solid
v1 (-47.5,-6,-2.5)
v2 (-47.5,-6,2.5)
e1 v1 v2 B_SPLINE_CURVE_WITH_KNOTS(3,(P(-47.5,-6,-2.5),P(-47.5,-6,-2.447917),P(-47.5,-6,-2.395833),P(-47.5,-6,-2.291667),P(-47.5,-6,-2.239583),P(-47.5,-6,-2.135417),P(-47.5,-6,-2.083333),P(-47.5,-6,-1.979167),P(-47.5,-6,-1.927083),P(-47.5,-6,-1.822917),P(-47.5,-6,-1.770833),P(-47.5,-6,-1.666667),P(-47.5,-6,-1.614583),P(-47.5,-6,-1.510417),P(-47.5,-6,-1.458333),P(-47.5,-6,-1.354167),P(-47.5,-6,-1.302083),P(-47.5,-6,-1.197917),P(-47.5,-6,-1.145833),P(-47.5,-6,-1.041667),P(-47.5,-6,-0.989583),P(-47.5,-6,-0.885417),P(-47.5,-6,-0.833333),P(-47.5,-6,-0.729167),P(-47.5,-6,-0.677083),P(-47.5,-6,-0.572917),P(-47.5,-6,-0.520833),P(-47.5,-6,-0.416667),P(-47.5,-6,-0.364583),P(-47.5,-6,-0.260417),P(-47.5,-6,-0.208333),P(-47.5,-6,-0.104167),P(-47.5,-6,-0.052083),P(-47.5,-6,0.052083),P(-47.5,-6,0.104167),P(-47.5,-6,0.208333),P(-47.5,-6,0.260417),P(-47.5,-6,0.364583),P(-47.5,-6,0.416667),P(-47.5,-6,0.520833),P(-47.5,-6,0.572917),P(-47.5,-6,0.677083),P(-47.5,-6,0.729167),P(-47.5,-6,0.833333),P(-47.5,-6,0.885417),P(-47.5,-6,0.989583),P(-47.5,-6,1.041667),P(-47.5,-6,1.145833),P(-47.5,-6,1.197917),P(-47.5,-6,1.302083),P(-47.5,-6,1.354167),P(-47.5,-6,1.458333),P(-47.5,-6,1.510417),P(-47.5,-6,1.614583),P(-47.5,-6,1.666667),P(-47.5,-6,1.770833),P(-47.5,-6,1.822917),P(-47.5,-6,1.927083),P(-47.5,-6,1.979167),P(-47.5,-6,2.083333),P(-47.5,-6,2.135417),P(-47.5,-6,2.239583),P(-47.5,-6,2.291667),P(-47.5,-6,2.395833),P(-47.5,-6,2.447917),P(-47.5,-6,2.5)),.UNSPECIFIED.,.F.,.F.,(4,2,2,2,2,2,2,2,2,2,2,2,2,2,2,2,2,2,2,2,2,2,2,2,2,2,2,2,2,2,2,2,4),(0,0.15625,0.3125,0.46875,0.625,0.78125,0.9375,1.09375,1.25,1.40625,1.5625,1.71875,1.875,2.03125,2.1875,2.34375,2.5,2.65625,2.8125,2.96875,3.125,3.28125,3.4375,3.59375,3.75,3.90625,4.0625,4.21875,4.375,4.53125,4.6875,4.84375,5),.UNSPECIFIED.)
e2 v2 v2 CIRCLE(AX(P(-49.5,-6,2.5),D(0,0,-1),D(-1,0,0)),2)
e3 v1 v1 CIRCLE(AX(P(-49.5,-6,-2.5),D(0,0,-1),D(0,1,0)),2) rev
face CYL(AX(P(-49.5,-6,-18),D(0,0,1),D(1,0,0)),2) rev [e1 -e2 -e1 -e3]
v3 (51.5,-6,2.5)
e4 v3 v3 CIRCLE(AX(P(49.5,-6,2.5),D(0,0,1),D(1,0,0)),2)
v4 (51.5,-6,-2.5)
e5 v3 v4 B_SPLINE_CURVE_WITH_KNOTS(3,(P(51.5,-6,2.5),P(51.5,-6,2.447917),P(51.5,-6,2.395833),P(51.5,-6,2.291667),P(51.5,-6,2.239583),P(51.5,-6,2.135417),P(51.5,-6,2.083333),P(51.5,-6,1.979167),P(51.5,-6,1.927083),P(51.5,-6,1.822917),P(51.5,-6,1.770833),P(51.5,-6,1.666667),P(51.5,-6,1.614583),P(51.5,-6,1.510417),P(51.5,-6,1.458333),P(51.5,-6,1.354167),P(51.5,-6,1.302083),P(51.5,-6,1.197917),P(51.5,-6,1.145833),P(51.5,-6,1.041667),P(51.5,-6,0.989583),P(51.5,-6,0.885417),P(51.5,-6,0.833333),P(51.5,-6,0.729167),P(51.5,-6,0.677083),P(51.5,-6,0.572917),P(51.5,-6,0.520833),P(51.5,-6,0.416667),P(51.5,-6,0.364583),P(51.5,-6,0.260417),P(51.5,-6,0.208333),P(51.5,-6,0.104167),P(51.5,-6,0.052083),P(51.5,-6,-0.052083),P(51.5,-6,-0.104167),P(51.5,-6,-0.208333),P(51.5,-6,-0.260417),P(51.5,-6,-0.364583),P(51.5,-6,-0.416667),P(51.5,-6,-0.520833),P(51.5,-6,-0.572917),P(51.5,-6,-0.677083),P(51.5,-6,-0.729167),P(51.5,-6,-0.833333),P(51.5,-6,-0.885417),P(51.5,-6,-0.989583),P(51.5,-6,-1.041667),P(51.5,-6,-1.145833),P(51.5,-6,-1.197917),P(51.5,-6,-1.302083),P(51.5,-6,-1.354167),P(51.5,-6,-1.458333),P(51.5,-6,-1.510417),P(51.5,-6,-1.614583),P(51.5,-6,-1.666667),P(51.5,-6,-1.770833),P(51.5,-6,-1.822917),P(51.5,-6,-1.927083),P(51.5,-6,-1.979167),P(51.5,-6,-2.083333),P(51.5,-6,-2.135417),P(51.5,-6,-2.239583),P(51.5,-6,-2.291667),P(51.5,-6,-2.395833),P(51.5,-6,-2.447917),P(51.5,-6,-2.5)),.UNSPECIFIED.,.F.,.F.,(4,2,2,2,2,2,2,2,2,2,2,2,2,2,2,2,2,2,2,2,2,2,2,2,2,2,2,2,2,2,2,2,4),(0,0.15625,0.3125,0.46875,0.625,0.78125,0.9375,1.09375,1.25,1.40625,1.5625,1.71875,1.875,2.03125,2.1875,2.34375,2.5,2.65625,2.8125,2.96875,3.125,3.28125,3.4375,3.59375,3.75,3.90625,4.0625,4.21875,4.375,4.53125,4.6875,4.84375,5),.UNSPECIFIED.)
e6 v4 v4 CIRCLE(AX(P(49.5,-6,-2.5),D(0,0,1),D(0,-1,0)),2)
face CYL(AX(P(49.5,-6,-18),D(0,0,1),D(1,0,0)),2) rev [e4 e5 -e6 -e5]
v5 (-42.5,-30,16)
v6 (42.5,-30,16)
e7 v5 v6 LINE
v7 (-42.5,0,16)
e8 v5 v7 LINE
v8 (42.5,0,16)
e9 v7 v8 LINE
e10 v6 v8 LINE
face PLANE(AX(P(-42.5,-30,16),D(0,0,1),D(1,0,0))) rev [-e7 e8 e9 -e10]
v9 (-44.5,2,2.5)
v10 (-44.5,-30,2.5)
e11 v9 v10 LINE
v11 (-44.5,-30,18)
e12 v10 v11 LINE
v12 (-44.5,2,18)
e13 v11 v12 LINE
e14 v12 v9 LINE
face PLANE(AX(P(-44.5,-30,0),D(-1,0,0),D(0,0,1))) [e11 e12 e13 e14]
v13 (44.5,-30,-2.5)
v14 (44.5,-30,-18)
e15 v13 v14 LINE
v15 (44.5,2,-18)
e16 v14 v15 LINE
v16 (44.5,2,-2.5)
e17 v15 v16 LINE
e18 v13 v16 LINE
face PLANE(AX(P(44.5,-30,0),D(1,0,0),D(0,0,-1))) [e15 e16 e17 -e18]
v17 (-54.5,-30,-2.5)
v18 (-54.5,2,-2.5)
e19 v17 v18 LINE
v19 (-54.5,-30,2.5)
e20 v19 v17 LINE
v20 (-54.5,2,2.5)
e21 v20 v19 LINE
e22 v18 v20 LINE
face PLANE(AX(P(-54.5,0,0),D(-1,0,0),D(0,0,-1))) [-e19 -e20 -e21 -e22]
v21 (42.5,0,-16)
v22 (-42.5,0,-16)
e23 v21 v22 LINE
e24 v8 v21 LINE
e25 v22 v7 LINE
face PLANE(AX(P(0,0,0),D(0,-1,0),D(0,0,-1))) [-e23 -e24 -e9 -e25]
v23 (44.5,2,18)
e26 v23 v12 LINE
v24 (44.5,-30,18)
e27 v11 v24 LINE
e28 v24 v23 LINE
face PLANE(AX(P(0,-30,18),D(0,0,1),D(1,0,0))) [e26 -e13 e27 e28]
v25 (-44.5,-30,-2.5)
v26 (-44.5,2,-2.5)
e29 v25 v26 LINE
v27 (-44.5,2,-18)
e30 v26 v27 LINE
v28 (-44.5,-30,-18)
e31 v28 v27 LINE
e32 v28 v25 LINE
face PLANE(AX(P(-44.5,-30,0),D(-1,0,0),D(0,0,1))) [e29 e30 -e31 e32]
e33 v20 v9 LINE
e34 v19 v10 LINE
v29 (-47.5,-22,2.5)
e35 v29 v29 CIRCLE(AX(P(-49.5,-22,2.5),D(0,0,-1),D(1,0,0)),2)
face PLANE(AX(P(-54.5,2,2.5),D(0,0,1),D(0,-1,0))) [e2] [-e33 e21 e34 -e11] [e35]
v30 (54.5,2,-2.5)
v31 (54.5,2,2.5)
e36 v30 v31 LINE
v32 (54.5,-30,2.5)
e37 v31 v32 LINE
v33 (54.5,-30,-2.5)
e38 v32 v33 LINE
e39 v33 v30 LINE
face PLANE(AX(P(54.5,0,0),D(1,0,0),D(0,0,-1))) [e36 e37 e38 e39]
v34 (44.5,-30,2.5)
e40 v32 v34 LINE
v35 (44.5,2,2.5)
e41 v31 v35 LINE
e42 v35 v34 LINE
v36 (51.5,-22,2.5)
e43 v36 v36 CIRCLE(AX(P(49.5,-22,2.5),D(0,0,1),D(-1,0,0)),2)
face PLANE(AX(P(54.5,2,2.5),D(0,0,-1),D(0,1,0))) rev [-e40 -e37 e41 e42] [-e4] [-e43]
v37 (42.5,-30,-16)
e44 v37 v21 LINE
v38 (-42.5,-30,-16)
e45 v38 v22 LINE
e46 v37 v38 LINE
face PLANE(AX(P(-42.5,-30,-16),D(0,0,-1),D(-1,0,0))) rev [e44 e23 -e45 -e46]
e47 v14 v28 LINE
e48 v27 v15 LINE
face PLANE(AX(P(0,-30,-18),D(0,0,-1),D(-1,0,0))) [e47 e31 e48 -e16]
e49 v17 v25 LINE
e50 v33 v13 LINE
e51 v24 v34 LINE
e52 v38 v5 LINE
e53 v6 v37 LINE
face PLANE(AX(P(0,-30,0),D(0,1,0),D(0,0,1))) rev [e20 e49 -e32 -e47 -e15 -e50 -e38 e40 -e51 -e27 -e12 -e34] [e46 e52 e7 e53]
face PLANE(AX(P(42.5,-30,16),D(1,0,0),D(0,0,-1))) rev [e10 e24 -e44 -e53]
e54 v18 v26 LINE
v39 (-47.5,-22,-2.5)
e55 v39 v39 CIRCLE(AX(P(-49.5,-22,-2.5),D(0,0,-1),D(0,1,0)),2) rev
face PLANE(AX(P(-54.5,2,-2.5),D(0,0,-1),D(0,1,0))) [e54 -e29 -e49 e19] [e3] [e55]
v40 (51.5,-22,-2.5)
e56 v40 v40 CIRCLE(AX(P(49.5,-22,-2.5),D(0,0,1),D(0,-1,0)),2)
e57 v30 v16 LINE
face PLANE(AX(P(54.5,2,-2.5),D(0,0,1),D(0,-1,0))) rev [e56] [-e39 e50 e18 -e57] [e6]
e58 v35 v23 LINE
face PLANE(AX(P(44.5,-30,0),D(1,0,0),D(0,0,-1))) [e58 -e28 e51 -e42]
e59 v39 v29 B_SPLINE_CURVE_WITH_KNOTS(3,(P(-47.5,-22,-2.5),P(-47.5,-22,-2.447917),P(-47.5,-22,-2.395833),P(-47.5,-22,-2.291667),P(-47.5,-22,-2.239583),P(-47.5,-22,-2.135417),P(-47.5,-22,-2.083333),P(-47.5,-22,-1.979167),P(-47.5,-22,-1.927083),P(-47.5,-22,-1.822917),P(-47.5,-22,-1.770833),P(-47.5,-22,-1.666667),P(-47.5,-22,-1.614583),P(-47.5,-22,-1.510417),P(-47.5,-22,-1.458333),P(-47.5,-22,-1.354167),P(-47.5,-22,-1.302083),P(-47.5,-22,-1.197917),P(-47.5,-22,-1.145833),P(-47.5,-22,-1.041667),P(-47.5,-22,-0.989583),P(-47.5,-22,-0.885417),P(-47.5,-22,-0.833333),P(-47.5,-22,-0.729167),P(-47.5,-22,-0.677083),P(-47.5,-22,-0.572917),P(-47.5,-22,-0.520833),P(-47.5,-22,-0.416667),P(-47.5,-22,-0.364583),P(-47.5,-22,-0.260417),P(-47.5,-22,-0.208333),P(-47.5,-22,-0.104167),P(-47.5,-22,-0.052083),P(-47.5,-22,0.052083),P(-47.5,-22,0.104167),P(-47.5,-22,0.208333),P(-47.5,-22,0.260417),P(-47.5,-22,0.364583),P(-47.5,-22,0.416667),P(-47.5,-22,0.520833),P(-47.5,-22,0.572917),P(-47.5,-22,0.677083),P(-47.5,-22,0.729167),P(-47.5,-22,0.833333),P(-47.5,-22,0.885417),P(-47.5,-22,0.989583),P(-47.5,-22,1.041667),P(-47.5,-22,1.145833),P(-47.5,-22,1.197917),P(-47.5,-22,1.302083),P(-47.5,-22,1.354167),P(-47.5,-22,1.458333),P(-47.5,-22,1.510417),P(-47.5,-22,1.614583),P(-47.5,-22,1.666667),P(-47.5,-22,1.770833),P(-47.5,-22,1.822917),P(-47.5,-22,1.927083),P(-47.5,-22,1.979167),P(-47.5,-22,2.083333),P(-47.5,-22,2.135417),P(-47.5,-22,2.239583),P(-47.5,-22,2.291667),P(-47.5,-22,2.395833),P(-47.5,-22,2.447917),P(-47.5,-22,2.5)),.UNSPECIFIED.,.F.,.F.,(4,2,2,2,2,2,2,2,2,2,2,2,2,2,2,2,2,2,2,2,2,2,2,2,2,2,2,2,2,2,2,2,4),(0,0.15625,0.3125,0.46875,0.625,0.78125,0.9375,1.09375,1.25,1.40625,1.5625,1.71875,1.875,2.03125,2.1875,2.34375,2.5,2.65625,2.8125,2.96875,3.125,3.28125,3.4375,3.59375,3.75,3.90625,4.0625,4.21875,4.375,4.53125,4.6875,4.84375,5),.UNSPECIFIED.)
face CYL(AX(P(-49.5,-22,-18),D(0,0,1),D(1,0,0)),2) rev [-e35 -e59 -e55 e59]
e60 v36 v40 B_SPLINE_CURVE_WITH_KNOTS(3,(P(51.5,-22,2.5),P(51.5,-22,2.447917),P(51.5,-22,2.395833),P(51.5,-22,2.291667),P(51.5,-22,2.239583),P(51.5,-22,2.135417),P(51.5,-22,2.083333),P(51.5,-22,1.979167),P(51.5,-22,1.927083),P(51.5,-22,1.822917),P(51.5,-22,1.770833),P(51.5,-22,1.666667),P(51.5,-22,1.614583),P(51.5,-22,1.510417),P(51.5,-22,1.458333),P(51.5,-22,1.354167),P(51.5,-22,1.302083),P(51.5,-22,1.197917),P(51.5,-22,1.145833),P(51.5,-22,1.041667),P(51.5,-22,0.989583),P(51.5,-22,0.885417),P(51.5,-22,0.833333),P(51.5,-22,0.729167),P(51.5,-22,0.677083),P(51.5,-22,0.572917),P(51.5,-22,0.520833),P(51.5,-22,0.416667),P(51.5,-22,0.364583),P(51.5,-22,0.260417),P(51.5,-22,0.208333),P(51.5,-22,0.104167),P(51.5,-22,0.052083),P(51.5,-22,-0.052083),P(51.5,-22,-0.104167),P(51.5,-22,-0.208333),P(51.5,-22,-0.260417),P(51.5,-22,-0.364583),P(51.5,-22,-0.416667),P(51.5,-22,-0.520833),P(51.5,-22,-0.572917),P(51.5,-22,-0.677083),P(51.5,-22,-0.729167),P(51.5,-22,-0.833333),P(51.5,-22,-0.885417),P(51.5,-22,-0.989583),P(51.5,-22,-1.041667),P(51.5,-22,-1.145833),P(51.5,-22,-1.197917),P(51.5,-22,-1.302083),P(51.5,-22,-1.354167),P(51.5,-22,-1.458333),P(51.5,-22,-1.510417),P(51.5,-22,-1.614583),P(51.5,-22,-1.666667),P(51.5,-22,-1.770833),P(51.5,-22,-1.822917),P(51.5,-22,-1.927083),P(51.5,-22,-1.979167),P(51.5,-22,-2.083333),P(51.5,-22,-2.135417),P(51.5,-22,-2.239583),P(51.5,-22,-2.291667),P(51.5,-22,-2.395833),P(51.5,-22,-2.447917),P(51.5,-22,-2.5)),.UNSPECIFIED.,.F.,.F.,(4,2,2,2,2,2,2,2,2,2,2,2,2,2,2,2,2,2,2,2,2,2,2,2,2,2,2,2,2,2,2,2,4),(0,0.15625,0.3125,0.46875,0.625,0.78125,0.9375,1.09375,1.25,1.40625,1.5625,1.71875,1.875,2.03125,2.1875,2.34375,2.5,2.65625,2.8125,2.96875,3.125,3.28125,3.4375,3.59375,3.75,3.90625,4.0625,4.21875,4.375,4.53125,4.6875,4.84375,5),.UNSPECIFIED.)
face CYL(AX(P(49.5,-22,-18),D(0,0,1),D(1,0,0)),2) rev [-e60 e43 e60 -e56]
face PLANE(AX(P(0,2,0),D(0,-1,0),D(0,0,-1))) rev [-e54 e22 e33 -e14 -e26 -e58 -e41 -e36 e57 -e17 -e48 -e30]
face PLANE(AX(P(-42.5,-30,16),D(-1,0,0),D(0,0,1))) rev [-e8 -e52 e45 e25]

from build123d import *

# Parameters (mm, degrees)
SKETCH2_W                = 85
SKETCH2_H                = 32
BOSS_EXTRUDE1_DEPTH      = 2
EXTRUDE_THIN1_DEPTH      = 2
EXTRUDE_THIN1_DEPTH_BACK = 30
SKETCH2_2_W              = 89
SKETCH2_2_H              = 36
SKETCH2_2_W_2            = 85
SKETCH2_2_H_2            = 32
SKETCH3_W                = 5
SKETCH3_H                = 32
BOSS_EXTRUDE2_DEPTH      = 10
SKETCH4_R                = 2
CUT_EXTRUDE1_DEPTH       = 66.501908369


with BuildPart() as part:
    # Sketch2 → Boss-Extrude1 (new body)
    with BuildSketch(Plane(origin=(0, 0, 0), x_dir=(1, 0, 0), z_dir=(0, 1, 0))):
        Rectangle(SKETCH2_W, SKETCH2_H)
    extrude(amount=BOSS_EXTRUDE1_DEPTH)

    # Sketch2<2> → Extrude-Thin1 (add, two sides: drawn at the far end of the back side and taken through both)
    with BuildSketch(Plane(origin=(0, 0, 0), x_dir=(1, 0, 0), z_dir=(0, 1, 0)).offset(-EXTRUDE_THIN1_DEPTH_BACK)):
        Rectangle(SKETCH2_2_W, SKETCH2_2_H)
        Rectangle(SKETCH2_2_W_2, SKETCH2_2_H_2, mode=Mode.SUBTRACT)
    extrude(amount=EXTRUDE_THIN1_DEPTH + EXTRUDE_THIN1_DEPTH_BACK)

    # Sketch3 → Boss-Extrude2 (add)
    with BuildSketch(Plane(origin=(44.5, 0, 0), x_dir=(0, 0, -1), z_dir=(1, 0, 0))):
        with Locations((0, -14)):
            Rectangle(SKETCH3_W, SKETCH3_H)
    boss_extrude2 = extrude(amount=BOSS_EXTRUDE2_DEPTH)

    # Sketch4 → Cut-Extrude1 (cut, through all)
    with BuildSketch(Plane.XY.offset(2.5)):
        with Locations((49.5, -6)):
            Circle(SKETCH4_R)
        with Locations((49.5, -22)):
            Circle(SKETCH4_R)
    cut_extrude1 = extrude(amount=-CUT_EXTRUDE1_DEPTH, mode=Mode.SUBTRACT)

    # Mirror1: Boss-Extrude2, Cut-Extrude1 across plane
    add(boss_extrude2.mirror(Plane(origin=(0, 0, 0), x_dir=(0, 0, 1), z_dir=(1, 0, 0))))
    add(cut_extrude1.mirror(Plane(origin=(0, 0, 0), x_dir=(0, 0, 1), z_dir=(1, 0, 0))), mode=Mode.SUBTRACT)


solid = part.part
